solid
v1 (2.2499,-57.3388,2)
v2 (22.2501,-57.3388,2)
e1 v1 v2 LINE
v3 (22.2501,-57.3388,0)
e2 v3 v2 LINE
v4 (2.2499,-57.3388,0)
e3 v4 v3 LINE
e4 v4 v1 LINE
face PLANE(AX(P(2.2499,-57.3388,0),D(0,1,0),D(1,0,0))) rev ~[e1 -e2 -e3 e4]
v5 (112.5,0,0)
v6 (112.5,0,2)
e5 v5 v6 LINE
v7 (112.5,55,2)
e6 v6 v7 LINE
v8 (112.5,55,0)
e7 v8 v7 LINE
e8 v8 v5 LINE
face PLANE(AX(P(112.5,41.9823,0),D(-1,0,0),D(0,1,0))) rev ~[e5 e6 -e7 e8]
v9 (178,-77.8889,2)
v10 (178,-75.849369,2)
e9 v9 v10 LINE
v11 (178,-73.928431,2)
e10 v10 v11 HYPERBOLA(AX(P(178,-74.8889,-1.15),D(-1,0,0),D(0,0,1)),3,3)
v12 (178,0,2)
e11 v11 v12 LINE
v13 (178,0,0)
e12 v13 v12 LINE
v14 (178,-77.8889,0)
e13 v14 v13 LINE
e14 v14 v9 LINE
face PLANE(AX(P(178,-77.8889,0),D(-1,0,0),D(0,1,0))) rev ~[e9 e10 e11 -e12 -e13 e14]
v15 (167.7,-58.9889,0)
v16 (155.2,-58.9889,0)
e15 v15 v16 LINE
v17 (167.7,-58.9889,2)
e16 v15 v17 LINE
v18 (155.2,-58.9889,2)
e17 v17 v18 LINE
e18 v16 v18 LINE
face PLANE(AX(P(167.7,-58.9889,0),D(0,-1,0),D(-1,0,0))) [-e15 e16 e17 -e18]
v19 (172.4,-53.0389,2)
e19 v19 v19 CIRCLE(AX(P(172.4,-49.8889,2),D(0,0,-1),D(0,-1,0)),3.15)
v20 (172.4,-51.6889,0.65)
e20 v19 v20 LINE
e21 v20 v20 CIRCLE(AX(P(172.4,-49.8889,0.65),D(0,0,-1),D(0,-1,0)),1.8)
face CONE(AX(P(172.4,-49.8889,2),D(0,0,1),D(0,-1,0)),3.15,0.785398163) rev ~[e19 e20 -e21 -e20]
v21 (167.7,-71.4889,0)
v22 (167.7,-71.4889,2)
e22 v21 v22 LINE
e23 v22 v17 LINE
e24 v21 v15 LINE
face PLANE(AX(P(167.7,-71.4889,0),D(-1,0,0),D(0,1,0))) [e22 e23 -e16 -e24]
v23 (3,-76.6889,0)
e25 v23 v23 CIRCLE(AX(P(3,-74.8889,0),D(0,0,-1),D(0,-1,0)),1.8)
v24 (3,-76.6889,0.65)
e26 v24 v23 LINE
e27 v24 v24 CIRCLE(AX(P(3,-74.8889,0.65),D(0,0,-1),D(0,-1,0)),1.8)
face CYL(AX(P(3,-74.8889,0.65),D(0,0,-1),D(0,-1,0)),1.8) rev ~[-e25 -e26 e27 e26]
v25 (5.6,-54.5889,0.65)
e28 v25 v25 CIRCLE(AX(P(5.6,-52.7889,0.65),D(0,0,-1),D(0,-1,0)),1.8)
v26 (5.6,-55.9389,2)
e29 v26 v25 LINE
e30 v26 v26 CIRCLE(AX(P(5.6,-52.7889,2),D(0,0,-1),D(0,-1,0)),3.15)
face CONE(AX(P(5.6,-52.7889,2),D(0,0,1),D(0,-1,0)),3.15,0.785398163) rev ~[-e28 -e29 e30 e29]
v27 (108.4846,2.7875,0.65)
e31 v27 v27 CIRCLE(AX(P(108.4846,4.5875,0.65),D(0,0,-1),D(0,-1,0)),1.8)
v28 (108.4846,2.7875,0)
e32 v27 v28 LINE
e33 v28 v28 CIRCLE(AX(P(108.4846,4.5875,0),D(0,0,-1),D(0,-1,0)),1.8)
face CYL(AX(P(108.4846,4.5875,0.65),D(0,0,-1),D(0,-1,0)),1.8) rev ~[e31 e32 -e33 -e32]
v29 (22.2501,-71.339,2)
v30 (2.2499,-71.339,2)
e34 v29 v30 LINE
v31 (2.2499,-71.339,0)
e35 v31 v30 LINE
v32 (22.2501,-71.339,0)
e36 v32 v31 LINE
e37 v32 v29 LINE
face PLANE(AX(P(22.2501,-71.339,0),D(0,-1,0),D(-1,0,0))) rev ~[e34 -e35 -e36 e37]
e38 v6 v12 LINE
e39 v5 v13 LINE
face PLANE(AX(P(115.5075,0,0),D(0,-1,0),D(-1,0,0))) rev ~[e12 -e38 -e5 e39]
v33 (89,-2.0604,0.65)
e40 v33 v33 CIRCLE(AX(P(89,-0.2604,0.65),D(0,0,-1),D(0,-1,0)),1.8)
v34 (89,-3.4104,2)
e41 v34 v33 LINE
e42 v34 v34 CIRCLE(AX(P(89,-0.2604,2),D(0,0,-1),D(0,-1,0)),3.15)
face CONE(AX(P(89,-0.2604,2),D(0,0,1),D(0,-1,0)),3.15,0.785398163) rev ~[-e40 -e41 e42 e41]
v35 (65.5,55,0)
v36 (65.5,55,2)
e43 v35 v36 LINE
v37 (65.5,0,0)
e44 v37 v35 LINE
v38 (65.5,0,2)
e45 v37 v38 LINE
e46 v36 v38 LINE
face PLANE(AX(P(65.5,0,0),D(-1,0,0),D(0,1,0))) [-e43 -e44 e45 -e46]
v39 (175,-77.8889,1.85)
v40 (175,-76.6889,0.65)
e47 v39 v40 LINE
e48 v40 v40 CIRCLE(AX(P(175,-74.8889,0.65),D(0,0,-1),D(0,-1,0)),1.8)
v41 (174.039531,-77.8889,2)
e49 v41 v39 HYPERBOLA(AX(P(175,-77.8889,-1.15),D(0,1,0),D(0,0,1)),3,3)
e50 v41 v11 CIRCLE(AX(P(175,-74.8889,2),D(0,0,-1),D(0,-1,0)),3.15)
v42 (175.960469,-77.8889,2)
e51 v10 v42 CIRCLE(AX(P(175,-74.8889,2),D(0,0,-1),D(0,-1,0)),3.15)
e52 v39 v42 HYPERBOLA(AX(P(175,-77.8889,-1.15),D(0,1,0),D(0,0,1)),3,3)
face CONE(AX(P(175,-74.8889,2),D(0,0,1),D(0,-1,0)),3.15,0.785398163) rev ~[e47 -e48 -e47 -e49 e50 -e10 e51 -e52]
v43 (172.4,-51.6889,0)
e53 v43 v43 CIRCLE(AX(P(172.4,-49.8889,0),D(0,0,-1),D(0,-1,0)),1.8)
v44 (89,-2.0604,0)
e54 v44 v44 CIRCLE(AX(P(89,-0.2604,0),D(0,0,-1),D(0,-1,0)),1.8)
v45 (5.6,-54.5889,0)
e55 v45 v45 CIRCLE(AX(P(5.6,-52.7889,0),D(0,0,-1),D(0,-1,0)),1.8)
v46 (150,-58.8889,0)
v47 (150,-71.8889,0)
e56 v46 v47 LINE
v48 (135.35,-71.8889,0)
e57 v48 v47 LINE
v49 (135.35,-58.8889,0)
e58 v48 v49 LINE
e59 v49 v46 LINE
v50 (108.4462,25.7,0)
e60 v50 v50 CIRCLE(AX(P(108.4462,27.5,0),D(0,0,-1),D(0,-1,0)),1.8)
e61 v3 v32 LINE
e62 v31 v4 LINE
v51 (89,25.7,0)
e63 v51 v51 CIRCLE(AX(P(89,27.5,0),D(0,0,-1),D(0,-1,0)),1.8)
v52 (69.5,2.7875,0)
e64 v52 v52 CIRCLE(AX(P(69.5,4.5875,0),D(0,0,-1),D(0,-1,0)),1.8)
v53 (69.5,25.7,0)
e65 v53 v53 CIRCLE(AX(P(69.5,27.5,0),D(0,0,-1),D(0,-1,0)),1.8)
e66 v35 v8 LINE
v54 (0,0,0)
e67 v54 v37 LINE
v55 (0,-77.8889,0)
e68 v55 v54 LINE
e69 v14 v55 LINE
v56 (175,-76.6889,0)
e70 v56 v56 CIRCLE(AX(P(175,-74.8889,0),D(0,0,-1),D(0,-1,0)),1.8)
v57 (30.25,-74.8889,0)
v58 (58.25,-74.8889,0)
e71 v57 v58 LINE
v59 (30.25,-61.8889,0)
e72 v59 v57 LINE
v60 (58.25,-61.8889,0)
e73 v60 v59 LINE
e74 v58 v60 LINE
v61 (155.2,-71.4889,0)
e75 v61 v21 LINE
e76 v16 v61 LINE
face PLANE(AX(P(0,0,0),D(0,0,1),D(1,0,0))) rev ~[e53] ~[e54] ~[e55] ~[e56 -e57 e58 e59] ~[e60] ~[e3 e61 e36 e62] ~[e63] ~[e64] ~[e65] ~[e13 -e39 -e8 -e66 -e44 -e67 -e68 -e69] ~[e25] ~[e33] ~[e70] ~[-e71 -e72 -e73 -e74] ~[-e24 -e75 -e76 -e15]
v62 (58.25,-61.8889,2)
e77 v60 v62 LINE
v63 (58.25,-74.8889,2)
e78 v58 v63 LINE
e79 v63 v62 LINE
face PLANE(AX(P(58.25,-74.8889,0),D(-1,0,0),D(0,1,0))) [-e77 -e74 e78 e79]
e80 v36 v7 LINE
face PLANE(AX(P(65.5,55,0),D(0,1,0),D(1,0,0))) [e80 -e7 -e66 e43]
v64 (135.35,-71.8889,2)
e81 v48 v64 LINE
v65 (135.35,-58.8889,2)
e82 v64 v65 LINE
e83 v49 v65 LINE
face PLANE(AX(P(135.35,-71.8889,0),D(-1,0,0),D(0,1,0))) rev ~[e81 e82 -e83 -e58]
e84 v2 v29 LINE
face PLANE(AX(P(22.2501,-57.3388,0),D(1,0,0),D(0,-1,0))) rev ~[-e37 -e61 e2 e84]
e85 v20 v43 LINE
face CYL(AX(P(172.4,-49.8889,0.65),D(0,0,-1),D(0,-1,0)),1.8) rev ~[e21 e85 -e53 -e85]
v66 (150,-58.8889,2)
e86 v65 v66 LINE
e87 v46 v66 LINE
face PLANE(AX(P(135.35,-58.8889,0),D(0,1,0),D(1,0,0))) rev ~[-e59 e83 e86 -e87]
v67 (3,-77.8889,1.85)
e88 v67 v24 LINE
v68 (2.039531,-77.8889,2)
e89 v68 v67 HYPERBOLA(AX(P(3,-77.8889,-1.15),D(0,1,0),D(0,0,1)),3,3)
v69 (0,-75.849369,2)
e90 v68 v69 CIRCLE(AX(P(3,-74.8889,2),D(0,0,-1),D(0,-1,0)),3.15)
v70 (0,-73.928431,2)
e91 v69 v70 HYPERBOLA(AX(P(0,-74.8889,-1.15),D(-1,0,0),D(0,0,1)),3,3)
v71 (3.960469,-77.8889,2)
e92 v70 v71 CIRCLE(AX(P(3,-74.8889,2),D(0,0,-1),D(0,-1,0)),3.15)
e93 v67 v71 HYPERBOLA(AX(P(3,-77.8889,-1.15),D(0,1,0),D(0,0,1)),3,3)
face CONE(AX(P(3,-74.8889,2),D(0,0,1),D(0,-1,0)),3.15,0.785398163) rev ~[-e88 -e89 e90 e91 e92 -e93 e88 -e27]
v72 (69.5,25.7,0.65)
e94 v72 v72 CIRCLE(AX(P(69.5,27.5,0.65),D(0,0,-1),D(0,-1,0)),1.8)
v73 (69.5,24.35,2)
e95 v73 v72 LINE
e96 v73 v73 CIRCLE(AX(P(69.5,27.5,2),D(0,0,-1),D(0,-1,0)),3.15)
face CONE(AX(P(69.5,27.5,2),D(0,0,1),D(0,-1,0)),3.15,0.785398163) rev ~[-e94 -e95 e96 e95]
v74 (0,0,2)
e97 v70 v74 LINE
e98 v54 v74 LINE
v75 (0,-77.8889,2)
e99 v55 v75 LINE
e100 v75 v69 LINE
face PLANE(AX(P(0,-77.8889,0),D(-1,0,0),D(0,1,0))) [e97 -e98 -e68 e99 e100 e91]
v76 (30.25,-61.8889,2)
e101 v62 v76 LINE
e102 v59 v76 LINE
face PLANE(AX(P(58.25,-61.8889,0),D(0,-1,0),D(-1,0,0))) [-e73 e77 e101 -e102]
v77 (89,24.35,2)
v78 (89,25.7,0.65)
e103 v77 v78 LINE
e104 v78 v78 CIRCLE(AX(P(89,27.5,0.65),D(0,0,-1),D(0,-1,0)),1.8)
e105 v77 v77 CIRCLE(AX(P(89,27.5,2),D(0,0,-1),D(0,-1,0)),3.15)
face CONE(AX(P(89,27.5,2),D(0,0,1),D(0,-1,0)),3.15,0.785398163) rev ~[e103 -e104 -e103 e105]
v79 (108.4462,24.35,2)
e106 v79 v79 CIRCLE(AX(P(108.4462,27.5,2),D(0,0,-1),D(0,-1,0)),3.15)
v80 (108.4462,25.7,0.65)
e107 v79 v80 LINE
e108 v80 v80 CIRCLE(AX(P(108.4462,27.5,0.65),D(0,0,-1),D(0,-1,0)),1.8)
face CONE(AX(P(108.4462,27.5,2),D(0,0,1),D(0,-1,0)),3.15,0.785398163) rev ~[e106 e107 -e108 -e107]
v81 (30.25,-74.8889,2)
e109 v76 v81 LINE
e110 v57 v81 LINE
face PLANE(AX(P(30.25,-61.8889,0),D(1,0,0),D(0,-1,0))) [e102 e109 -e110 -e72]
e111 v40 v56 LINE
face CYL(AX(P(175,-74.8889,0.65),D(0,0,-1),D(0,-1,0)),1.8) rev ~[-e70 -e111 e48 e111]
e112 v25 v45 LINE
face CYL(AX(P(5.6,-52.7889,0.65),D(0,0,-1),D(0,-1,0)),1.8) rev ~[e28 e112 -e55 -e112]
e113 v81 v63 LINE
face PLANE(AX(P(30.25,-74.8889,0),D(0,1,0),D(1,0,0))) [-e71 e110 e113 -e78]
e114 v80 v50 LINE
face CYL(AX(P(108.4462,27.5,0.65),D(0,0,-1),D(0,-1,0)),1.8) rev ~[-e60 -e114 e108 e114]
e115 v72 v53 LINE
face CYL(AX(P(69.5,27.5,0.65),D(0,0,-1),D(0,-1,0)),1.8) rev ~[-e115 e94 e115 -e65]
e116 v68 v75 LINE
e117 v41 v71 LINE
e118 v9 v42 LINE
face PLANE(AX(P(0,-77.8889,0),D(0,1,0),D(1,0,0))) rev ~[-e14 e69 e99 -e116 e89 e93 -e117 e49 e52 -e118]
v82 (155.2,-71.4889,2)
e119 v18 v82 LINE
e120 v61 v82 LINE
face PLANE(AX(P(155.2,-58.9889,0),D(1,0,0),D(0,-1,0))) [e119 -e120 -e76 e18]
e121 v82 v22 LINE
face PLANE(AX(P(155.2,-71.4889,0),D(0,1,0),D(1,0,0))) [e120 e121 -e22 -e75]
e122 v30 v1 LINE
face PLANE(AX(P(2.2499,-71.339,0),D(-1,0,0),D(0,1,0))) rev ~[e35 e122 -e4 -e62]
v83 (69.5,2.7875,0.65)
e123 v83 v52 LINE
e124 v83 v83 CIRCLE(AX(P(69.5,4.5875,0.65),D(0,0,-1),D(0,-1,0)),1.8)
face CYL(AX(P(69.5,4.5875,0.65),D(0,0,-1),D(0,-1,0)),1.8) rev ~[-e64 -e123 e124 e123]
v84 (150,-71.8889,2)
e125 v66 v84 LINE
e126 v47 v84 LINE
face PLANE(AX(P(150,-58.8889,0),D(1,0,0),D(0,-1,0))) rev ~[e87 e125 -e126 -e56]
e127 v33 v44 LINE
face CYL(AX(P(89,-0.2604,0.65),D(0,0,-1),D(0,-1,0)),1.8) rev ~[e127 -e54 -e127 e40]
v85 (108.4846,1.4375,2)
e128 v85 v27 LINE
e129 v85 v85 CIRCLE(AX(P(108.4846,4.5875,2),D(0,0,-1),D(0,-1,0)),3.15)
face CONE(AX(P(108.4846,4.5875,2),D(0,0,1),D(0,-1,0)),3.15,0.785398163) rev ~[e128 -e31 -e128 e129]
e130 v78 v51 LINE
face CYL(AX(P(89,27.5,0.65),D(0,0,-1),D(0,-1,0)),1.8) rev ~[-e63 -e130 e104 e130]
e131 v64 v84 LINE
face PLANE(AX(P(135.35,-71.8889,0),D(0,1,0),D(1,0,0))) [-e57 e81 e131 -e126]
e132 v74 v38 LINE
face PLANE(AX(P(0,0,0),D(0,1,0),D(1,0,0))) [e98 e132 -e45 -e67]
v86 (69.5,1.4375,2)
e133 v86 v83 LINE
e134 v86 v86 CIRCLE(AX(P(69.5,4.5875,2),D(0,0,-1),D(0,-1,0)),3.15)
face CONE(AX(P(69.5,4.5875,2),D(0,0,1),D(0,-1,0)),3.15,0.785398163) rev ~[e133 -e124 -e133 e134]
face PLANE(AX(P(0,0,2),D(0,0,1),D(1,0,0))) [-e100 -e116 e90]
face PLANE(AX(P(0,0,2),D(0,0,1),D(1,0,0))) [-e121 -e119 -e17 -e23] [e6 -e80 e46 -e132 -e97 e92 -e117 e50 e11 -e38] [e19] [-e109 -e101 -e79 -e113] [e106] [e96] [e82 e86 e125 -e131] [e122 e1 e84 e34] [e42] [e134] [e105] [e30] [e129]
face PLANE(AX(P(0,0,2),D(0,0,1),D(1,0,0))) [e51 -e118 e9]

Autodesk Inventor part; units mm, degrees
ref_plane "YZ Plane" through (0, 0, 0) normal (1, 0, 0) x (0, 1, 0)
ref_plane "XZ Plane" through (0, 0, 0) normal (0, 1, 0) x (-1, 0, 0)
ref_plane "XY Plane" through (0, 0, 0) normal (0, 0, 1) x (1, 0, 0)
ref_plane "Work Plane1" through (0, 0, 0) normal (0, 0, 1) x (1, 0, 0)
sketch "Sketch1" plane through (0, 0, 0) normal (0, 0, 1) x (1, 0, 0)
  circle A0 centre (3, -74.8889) radius 2.3 projected
  line L0 (3, 0) -> (3, -44.7889) projected
  line L1 (0, 0) -> (3, 0) projected
  line L2 (0, -77.8889) -> (0, 0) projected
  line L3 (0, -77.8889) -> (6, -77.8889) projected
  line L4 (6, -71.8889) -> (6, -77.8889) projected
  line L5 (6, -71.8889) -> (1.6, -71.8889) projected
  line L6 (1.6, -71.8889) -> (1.6, -56.7889) projected
  line L7 (1.6, -56.7889) -> (9.6, -56.7889) projected
  line L8 (9.6, -44.7889) -> (9.6, -56.7889) projected
  line L9 (3, -44.7889) -> (9.6, -44.7889) projected
  circle A1 centre (5.6, -52.7889) radius 2.6 projected
  circle A2 centre (172.4, -49.8889) radius 2.6 projected
  circle A3 centre (175, -74.8889) radius 2.3 projected
  line L10 (168.4, -41.8889) -> (175, -41.8889) projected
  line L11 (168.4, -53.8889) -> (168.4, -41.8889) projected
  line L12 (175, -53.8889) -> (168.4, -53.8889) projected
  line L13 (175, -53.8889) -> (175, -71.8889) projected
  line L14 (175, -71.8889) -> (172, -71.8889) projected
  line L15 (172, -71.8889) -> (172, -77.8889) projected
  line L16 (178, -77.8889) -> (172, -77.8889) projected
  line L17 (178, -77.8889) -> (178, 0) projected
  line L18 (178, 0) -> (175, 0) projected
  line L19 (175, 0) -> (175, -41.8889) projected
  line L20 (65.5, 41.9823) -> (65.5, 55) projected
  line L21 (112.5, 41.9823) -> (112.5, 55) projected
  line L22 (62.4925, 0) -> (3, 0) projected
  line L23 (115.5075, 0) -> (175, 0) projected
  line L24 (65.5, 55) -> (112.5, 55)
  line L25 (112.5, 55) -> (112.5, 0)
  line L26 (112.5, 0) -> (65.5, 0)
  line L27 (65.5, 0) -> (65.5, 55)
  line L28 (178, 0) -> (0, 0)
  line L29 (0, 0) -> (0, -77.8889)
  line L30 (0, -77.8889) -> (178, -77.8889)
  line L31 (178, -77.8889) -> (178, 0)
  line L32 (31.25, -62.8889) -> (31.25, -73.8889) projected
  line L33 (31.25, -73.8889) -> (57.25, -73.8889) projected
  line L34 (57.25, -73.8889) -> (57.25, -62.8889) projected
  line L35 (57.25, -62.8889) -> (31.25, -62.8889) projected
  line L36 (21.2501, -70.339) -> (21.2501, -58.3388) projected
  line L37 (21.2501, -58.3388) -> (3.2499, -58.3388) projected
  line L38 (3.2499, -70.339) -> (21.2501, -70.339) projected
  line L39 (3.2499, -58.3388) -> (3.2499, -70.339) projected
  line L40 (156.2, -70.4889) -> (156.2, -59.9889) projected
  line L41 (166.7, -59.9889) -> (156.2, -59.9889) projected
  line L42 (166.7, -59.9889) -> (166.7, -70.4889) projected
  line L43 (156.2, -70.4889) -> (166.7, -70.4889) projected
  line L44 (149, -59.8889) -> (149, -70.8889) projected
  line L45 (149, -70.8889) -> (136.35, -70.8889) projected
  line L46 (136.35, -70.8889) -> (136.35, -59.8889) projected
  line L47 (136.35, -59.8889) -> (149, -59.8889) projected
  line L48 (135, -53.8889) -> (135, -71.8889) projected
  line L49 (135, -71.8889) -> (175, -71.8889) projected
  line L50 (175, -71.8889) -> (175, -53.8889) projected
  line L51 (175, -53.8889) -> (135, -53.8889) projected
  circle A4 centre (137.85, -56.7389) radius 1.5 projected
  circle A5 centre (172.15, -56.7389) radius 1.5 projected
  line L52 (2.2499, -57.3388) -> (22.2501, -57.3388)
  line L53 (22.2501, -57.3388) -> (22.2501, -71.339)
  line L54 (22.2501, -71.339) -> (2.2499, -71.339)
  line L55 (2.2499, -71.339) -> (2.2499, -57.3388)
  line L56 (30.25, -61.8889) -> (30.25, -74.8889)
  line L57 (30.25, -74.8889) -> (58.25, -74.8889)
  line L58 (58.25, -74.8889) -> (58.25, -61.8889)
  line L59 (58.25, -61.8889) -> (30.25, -61.8889)
  line L60 (155.2, -58.9889) -> (155.2, -71.4889)
  line L61 (155.2, -71.4889) -> (167.7, -71.4889)
  line L62 (167.7, -71.4889) -> (167.7, -58.9889)
  line L63 (167.7, -58.9889) -> (155.2, -58.9889)
  line L64 (150, -58.8889) -> (150, -71.8889)
  line L65 (150, -71.8889) -> (135.35, -71.8889)
  line L66 (135.35, -71.8889) -> (135.35, -58.8889)
  line L67 (135.35, -58.8889) -> (150, -58.8889)
  dimension "d0" = 1
  dimension "d1" = 1
  dimension "d2" = 1
  dimension "d3" = 1
extrude "Extrusion1" add sketch "Sketch1" along normal blind 2 contours A0 | L22 L28 L26 L23 L19 L10 L11 L51 L48 L49 L15 L30 L4 L5 L6 L7 L8 L9 L0 | L0 L9 L8 L7 L6 L5 L4 L3 L2 L1 | L27 L20 L24 L21 L25 L26 | L15 L14 L13 L12 L11 L10 L19 L18 L17 L16 | L49 L64 L67 L66 L48 L51 L12 L13 L14 | A1 | A2 | A3 | A4 | A5
sketch "Sketch2" plane through (0, 0, 2) normal (0, 0, 1) x (1, 0, 0)
  circle A0 centre (3, -74.8889) radius 2 projected
  circle A1 centre (5.6, -52.7889) radius 2.6 projected
  circle A2 centre (172.4, -49.8889) radius 2.6 projected
  circle A3 centre (175, -74.8889) radius 2 projected
  circle A4 centre (108.4462, 27.5) radius 2.3 projected
  circle A5 centre (69.5, 27.5) radius 2.3 projected
  circle A6 centre (69.5, 4.5875) radius 2.3 projected
  circle A7 centre (108.4846, 4.5875) radius 2.3 projected
  circle A8 centre (89, -0.2604) radius 2.3 projected
  circle A9 centre (89, 27.5) radius 2.3 projected
  point P0 (0, 0)
hole "Hole1" at (3, -74.8889, 2) at (5.6, -52.7889, 2) at (175, -74.8889, 2) at (172.4, -49.8889, 2) at (89, -0.2604, 2) at (69.5, 4.5875, 2) at (108.4846, 4.5875, 2) at (89, 27.5, 2) at (69.5, 27.5, 2) at (108.4462, 27.5, 2) direction (0, 0, -1) diameter 3.6 end through all countersink diameter 6.3 countersink angle 90 clearance for "Countersunk Flat Head Screw ISO 2009/7046" size "M3" standard "ISO"
properties part number "ceil"
